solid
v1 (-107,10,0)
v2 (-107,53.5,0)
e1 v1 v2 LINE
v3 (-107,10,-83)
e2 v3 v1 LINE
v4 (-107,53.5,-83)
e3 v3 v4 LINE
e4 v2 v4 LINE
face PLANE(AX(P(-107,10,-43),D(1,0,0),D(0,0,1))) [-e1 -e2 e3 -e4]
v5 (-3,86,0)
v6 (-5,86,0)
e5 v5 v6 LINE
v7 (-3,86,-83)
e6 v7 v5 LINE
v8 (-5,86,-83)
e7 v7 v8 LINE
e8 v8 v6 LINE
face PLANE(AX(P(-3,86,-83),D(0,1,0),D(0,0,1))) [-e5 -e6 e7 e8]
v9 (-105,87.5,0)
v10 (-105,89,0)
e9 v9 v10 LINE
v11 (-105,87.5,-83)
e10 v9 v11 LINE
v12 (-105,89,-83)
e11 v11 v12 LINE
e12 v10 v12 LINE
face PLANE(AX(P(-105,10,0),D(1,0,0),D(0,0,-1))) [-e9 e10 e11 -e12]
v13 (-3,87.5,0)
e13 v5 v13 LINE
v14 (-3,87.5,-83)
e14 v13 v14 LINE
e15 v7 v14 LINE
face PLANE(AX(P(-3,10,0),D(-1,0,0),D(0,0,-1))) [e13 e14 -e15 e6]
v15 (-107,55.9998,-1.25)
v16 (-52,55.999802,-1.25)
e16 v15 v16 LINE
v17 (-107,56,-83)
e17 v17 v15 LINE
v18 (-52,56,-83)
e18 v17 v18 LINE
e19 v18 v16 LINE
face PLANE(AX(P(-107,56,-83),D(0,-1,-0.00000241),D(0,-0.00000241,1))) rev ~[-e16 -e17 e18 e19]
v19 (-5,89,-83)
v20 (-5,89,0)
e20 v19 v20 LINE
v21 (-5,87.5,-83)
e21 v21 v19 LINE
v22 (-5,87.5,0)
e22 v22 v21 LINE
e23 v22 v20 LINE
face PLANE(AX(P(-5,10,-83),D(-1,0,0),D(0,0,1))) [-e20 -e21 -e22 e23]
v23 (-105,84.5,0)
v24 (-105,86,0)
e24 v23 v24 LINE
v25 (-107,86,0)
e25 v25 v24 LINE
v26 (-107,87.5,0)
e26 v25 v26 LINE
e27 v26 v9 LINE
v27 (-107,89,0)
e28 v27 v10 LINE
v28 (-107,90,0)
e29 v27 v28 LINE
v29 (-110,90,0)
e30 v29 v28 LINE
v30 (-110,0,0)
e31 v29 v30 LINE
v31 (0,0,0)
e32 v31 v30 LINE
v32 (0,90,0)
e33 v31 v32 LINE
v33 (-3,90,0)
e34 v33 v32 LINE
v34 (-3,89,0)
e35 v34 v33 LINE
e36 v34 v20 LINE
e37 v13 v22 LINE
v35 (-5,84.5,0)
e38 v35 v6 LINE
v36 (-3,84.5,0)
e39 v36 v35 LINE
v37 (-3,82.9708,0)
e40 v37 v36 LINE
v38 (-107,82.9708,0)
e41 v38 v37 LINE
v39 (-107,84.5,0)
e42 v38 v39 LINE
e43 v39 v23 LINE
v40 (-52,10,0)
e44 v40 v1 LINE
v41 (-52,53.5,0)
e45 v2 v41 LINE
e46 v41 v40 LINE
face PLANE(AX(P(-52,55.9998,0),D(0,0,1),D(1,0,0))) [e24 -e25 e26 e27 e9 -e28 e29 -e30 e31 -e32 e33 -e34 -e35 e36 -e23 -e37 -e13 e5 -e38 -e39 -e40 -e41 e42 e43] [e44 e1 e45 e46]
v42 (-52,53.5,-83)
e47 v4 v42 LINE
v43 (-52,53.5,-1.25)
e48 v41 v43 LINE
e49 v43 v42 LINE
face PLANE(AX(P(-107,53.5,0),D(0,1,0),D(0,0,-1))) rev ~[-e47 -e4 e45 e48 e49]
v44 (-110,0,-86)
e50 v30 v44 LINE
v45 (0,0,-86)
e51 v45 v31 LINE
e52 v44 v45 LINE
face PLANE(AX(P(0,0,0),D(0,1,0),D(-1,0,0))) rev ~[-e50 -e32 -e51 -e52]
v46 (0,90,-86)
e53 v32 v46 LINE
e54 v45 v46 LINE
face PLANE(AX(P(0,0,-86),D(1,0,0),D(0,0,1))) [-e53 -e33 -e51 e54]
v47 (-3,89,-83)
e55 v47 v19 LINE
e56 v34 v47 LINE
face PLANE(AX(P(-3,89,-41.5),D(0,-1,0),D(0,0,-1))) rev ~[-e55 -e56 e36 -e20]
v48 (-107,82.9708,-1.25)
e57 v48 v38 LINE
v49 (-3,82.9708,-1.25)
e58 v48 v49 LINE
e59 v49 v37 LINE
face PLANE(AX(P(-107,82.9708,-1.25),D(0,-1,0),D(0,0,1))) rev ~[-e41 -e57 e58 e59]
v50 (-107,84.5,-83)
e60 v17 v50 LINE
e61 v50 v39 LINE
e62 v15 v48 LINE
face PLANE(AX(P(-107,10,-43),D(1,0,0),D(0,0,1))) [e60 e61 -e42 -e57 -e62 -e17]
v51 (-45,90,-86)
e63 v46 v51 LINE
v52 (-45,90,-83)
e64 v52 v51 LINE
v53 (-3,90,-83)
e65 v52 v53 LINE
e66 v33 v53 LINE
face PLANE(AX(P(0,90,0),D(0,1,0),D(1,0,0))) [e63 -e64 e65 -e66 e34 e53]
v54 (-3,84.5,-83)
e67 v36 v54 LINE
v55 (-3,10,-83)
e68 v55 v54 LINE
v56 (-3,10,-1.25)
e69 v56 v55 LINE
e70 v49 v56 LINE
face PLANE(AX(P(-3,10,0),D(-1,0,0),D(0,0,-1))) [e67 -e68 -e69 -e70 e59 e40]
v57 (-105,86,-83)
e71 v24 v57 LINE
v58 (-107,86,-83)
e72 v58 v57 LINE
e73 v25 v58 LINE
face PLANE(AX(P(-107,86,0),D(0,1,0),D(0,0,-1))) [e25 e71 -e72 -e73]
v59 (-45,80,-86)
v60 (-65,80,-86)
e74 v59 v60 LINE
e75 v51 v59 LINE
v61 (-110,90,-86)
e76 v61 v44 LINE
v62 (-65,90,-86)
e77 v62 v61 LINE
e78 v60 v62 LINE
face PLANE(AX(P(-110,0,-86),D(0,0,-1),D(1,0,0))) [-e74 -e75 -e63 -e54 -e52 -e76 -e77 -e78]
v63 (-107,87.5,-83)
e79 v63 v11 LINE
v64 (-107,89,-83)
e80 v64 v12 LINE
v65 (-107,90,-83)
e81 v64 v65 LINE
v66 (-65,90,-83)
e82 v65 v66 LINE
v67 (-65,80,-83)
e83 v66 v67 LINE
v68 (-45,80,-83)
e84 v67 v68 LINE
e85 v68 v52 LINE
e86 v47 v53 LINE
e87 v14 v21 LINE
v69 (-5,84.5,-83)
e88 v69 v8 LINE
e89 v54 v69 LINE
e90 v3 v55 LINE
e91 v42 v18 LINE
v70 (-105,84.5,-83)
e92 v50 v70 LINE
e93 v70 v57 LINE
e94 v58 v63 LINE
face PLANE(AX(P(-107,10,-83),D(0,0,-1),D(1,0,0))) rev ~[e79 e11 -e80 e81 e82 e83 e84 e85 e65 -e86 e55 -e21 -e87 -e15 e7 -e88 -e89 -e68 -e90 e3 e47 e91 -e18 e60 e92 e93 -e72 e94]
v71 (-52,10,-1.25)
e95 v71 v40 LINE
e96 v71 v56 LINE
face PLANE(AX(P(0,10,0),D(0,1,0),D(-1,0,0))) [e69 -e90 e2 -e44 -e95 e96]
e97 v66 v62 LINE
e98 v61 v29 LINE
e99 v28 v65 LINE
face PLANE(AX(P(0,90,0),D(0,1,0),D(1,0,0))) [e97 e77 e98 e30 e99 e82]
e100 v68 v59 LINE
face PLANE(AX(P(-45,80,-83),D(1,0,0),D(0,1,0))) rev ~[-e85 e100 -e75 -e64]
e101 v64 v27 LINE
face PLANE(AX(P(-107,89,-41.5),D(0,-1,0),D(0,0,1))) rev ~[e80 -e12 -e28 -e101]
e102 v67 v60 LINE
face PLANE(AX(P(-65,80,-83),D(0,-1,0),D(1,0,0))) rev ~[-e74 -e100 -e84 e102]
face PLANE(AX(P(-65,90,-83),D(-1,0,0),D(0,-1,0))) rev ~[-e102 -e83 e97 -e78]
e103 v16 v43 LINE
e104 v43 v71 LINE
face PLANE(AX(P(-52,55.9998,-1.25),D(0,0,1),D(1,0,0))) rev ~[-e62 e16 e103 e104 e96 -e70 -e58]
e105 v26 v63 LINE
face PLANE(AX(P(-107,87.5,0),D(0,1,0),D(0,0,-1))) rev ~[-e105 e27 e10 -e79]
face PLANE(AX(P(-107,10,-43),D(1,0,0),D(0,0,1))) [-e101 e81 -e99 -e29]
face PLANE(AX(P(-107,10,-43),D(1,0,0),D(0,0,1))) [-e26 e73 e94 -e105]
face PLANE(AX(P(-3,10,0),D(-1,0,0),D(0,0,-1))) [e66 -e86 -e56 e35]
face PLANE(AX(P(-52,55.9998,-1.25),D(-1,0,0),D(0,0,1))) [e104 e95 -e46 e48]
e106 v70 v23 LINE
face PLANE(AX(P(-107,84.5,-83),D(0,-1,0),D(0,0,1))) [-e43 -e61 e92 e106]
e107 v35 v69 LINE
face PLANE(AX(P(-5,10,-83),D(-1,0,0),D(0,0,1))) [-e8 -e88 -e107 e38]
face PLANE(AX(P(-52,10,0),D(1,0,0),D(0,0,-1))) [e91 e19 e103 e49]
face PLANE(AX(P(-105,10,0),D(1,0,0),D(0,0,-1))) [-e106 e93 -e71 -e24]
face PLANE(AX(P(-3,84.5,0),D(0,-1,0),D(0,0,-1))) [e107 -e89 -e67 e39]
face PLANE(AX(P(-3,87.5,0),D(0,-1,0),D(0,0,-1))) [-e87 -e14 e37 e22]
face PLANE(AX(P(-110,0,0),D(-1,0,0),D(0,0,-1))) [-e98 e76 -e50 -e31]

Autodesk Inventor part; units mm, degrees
ref_plane "YZ Plane" through (0, 0, 0) normal (1, 0, 0) x (0, 1, 0)
ref_plane "XZ Plane" through (0, 0, 0) normal (0, 1, 0) x (-1, 0, 0)
ref_plane "XY Plane" through (0, 0, 0) normal (0, 0, 1) x (1, 0, 0)
sketch "Sketch12" plane through (0, 0, 0) normal (0, 1, 0) x (-1, 0, 0)
  line L0 (0, 0) -> (110, 0)
  line L1 (110, 0) -> (110, -86)
  line L2 (110, -86) -> (0, -86)
  line L3 (0, -86) -> (0, 0)
  dimension "d23" = 110
  dimension "d24" = 86
extrude "Extrusion6" add sketch "Sketch12" along normal blind 10
sketch "Sketch13" plane through (0, 10, 0) normal (0, 1, 0) x (1, 0, 0)
  line L0 (0, 0) -> (0, 86) projected
  line L1 (-110, 0) -> (0, 0) projected
  line L2 (0, 86) -> (-110, 86) projected
  line L3 (-110, 86) -> (-110, 0) projected
  line L4 (-107, 43) -> (-107, 83)
  line L5 (-107, 83) -> (-107, 0)
  line L6 (-107, 83) -> (-3, 83)
  line L7 (-3, 0) -> (-3, 83)
extrude "Extrusion7" add sketch "Sketch13" along normal blind 80 contours L1 L7 L6 L4 L5 L3 L2 L0
sketch "Sketch14" plane through (-107, 10, -83) normal (0, 0, 1) x (1, 0, 0)
  line L0 (0, 80) -> (104, 80) projected
  line L1 (62, 80) -> (42, 80)
  line L2 (42, 80) -> (42, 70)
  line L3 (42, 70) -> (62, 70)
  line L4 (62, 70) -> (62, 80)
  point P0 (107, -10)
  dimension "d33" = 20
  dimension "d34" = 10
  dimension "d35" = 20
extrude "Extrusion8" cut sketch "Sketch14" against normal through all
sketch "Sketch15" plane through (-107, 10, 0) normal (1, 0, 0) x (0, 0, -1)
  line L0 (0, 80) -> (83, 80) projected
  line L1 (41.5, 79) -> (83, 79)
  line L2 (83, 0) -> (83, 80) projected
  line L3 (83, 79) -> (0, 79)
  line L4 (0, 0) -> (0, 80) projected
  line L5 (0, 79) -> (0, 77.5)
  line L6 (0, 77.5) -> (83, 77.5)
  line L7 (0, 76) -> (83, 76)
  line L8 (83, 76) -> (83, 74.5)
  line L9 (83, 74.5) -> (0, 74.5)
  line L10 (0, 76) -> (0, 74.5)
  line L11 (83, 79) -> (83, 77.5)
  point P0 (0, -10)
  dimension "d39" = 1.5
  dimension "d40" = 1.5
  dimension "d41" = 1.5
extrude "Extrusion9" add sketch "Sketch15" along normal blind 2 contours L3 L1 L2 L6 L4 | L7 L2 L9 L4
sketch "Sketch16" plane through (-3, 10, -83) normal (-1, 0, 0) x (0, 0, 1)
  line L0 (0, 80) -> (83, 80) projected
  line L1 (41.5, 79) -> (0, 79)
  line L2 (0, 0) -> (0, 80) projected
  line L3 (0, 79) -> (83, 79)
  line L4 (83, 0) -> (83, 80) projected
  line L5 (83, 79) -> (83, 77.5)
  line L6 (83, -10) -> (83, 80) projected
  line L7 (83, 77.5) -> (0, 77.5)
  line L8 (0, 77.5) -> (0, 79)
  line L9 (0, 76) -> (83, 76)
  line L10 (83, 76) -> (83, 74.5)
  line L11 (83, 74.5) -> (0, 74.5)
  line L12 (0, 74.5) -> (0, 76)
  point P0 (0, 74.5)
  point P1 (0, 76)
  dimension "d45" = 1.5
  dimension "d46" = 1.5
  dimension "d47" = 1.5
extrude "Extrusion10" add sketch "Sketch16" along normal blind 2 contours L1 L3 L4 L7 L2 | L9 L4 L11 L2
sketch "Sketch17" plane through (-107, 10, 0) normal (1, 0, 0) x (0, 0, -1)
  line L0 (83, 74.5) -> (0, 74.5) projected
  line L1 (0, 0) -> (0, 74.5) projected
  line L2 (0, 43.5) -> (83, 43.5)
  line L3 (83, 0) -> (83, 74.5) projected
  line L4 (83, 43.5) -> (83, 46)
  line L5 (83, 46) -> (0, 45.9998)
  line L6 (0, 45.9998) -> (0, 43.5)
  point P0 (0, -10)
  dimension "d50" = 31
  dimension "d51" = 2.5
extrude "Extrusion11" add sketch "Sketch17" along normal blind 55 contours L3 L2 L1 L5
sketch "Sketch18" plane through (-107, 84.5, 0) normal (1, 0, 0) x (0, 0, -1)
  line L0 (0, -84.5) -> (0, 5.5) projected
  line L1 (0, -28.5002) -> (0, 0) projected
  line L2 (0, -1.5292) -> (0, -28.5002)
  line L3 (0, -28.5002) -> (1.25, -28.5002)
  line L4 (0, -28.5002) -> (83, -28.5) projected
  line L5 (1.25, -28.5002) -> (1.25, -1.5292)
  line L6 (1.25, -1.5292) -> (0, -1.5292)
  dimension "d54" = 1.25
  dimension "d55" = 26.971
extrude "Extrusion12" add sketch "Sketch18" along normal up to surface (104 mm away)
sketch "Sketch19" plane through (-52, 55.9998, -1.25) normal (0, -1, 0) x (1, 0, 0)
  line L0 (0, 0) -> (0, 1.25) projected
  line L1 (0, 1.25) -> (49, 1.25) projected
  line L2 (0, 1.25) -> (49, 1.25)
  line L3 (49, 1.25) -> (49, 0) projected
  line L4 (49, 1.25) -> (49, 0)
  line L5 (0, 0) -> (49, 0) projected
  line L6 (0, 1.25) -> (0, 0)
  line L7 (0, -81.75) -> (0, 0) projected
  line L8 (0, 0) -> (49, 0)
  point P0 (52, 1.2502)
extrude "Extrusion13" add sketch "Sketch19" along normal up to surface (45.9998 mm away)
sketch "Sketch20" plane through (-110, 0, 0) normal (0, 0, 1) x (1, 0, 0)
  point P0 (110, 0)
properties part number "circuit casing"
